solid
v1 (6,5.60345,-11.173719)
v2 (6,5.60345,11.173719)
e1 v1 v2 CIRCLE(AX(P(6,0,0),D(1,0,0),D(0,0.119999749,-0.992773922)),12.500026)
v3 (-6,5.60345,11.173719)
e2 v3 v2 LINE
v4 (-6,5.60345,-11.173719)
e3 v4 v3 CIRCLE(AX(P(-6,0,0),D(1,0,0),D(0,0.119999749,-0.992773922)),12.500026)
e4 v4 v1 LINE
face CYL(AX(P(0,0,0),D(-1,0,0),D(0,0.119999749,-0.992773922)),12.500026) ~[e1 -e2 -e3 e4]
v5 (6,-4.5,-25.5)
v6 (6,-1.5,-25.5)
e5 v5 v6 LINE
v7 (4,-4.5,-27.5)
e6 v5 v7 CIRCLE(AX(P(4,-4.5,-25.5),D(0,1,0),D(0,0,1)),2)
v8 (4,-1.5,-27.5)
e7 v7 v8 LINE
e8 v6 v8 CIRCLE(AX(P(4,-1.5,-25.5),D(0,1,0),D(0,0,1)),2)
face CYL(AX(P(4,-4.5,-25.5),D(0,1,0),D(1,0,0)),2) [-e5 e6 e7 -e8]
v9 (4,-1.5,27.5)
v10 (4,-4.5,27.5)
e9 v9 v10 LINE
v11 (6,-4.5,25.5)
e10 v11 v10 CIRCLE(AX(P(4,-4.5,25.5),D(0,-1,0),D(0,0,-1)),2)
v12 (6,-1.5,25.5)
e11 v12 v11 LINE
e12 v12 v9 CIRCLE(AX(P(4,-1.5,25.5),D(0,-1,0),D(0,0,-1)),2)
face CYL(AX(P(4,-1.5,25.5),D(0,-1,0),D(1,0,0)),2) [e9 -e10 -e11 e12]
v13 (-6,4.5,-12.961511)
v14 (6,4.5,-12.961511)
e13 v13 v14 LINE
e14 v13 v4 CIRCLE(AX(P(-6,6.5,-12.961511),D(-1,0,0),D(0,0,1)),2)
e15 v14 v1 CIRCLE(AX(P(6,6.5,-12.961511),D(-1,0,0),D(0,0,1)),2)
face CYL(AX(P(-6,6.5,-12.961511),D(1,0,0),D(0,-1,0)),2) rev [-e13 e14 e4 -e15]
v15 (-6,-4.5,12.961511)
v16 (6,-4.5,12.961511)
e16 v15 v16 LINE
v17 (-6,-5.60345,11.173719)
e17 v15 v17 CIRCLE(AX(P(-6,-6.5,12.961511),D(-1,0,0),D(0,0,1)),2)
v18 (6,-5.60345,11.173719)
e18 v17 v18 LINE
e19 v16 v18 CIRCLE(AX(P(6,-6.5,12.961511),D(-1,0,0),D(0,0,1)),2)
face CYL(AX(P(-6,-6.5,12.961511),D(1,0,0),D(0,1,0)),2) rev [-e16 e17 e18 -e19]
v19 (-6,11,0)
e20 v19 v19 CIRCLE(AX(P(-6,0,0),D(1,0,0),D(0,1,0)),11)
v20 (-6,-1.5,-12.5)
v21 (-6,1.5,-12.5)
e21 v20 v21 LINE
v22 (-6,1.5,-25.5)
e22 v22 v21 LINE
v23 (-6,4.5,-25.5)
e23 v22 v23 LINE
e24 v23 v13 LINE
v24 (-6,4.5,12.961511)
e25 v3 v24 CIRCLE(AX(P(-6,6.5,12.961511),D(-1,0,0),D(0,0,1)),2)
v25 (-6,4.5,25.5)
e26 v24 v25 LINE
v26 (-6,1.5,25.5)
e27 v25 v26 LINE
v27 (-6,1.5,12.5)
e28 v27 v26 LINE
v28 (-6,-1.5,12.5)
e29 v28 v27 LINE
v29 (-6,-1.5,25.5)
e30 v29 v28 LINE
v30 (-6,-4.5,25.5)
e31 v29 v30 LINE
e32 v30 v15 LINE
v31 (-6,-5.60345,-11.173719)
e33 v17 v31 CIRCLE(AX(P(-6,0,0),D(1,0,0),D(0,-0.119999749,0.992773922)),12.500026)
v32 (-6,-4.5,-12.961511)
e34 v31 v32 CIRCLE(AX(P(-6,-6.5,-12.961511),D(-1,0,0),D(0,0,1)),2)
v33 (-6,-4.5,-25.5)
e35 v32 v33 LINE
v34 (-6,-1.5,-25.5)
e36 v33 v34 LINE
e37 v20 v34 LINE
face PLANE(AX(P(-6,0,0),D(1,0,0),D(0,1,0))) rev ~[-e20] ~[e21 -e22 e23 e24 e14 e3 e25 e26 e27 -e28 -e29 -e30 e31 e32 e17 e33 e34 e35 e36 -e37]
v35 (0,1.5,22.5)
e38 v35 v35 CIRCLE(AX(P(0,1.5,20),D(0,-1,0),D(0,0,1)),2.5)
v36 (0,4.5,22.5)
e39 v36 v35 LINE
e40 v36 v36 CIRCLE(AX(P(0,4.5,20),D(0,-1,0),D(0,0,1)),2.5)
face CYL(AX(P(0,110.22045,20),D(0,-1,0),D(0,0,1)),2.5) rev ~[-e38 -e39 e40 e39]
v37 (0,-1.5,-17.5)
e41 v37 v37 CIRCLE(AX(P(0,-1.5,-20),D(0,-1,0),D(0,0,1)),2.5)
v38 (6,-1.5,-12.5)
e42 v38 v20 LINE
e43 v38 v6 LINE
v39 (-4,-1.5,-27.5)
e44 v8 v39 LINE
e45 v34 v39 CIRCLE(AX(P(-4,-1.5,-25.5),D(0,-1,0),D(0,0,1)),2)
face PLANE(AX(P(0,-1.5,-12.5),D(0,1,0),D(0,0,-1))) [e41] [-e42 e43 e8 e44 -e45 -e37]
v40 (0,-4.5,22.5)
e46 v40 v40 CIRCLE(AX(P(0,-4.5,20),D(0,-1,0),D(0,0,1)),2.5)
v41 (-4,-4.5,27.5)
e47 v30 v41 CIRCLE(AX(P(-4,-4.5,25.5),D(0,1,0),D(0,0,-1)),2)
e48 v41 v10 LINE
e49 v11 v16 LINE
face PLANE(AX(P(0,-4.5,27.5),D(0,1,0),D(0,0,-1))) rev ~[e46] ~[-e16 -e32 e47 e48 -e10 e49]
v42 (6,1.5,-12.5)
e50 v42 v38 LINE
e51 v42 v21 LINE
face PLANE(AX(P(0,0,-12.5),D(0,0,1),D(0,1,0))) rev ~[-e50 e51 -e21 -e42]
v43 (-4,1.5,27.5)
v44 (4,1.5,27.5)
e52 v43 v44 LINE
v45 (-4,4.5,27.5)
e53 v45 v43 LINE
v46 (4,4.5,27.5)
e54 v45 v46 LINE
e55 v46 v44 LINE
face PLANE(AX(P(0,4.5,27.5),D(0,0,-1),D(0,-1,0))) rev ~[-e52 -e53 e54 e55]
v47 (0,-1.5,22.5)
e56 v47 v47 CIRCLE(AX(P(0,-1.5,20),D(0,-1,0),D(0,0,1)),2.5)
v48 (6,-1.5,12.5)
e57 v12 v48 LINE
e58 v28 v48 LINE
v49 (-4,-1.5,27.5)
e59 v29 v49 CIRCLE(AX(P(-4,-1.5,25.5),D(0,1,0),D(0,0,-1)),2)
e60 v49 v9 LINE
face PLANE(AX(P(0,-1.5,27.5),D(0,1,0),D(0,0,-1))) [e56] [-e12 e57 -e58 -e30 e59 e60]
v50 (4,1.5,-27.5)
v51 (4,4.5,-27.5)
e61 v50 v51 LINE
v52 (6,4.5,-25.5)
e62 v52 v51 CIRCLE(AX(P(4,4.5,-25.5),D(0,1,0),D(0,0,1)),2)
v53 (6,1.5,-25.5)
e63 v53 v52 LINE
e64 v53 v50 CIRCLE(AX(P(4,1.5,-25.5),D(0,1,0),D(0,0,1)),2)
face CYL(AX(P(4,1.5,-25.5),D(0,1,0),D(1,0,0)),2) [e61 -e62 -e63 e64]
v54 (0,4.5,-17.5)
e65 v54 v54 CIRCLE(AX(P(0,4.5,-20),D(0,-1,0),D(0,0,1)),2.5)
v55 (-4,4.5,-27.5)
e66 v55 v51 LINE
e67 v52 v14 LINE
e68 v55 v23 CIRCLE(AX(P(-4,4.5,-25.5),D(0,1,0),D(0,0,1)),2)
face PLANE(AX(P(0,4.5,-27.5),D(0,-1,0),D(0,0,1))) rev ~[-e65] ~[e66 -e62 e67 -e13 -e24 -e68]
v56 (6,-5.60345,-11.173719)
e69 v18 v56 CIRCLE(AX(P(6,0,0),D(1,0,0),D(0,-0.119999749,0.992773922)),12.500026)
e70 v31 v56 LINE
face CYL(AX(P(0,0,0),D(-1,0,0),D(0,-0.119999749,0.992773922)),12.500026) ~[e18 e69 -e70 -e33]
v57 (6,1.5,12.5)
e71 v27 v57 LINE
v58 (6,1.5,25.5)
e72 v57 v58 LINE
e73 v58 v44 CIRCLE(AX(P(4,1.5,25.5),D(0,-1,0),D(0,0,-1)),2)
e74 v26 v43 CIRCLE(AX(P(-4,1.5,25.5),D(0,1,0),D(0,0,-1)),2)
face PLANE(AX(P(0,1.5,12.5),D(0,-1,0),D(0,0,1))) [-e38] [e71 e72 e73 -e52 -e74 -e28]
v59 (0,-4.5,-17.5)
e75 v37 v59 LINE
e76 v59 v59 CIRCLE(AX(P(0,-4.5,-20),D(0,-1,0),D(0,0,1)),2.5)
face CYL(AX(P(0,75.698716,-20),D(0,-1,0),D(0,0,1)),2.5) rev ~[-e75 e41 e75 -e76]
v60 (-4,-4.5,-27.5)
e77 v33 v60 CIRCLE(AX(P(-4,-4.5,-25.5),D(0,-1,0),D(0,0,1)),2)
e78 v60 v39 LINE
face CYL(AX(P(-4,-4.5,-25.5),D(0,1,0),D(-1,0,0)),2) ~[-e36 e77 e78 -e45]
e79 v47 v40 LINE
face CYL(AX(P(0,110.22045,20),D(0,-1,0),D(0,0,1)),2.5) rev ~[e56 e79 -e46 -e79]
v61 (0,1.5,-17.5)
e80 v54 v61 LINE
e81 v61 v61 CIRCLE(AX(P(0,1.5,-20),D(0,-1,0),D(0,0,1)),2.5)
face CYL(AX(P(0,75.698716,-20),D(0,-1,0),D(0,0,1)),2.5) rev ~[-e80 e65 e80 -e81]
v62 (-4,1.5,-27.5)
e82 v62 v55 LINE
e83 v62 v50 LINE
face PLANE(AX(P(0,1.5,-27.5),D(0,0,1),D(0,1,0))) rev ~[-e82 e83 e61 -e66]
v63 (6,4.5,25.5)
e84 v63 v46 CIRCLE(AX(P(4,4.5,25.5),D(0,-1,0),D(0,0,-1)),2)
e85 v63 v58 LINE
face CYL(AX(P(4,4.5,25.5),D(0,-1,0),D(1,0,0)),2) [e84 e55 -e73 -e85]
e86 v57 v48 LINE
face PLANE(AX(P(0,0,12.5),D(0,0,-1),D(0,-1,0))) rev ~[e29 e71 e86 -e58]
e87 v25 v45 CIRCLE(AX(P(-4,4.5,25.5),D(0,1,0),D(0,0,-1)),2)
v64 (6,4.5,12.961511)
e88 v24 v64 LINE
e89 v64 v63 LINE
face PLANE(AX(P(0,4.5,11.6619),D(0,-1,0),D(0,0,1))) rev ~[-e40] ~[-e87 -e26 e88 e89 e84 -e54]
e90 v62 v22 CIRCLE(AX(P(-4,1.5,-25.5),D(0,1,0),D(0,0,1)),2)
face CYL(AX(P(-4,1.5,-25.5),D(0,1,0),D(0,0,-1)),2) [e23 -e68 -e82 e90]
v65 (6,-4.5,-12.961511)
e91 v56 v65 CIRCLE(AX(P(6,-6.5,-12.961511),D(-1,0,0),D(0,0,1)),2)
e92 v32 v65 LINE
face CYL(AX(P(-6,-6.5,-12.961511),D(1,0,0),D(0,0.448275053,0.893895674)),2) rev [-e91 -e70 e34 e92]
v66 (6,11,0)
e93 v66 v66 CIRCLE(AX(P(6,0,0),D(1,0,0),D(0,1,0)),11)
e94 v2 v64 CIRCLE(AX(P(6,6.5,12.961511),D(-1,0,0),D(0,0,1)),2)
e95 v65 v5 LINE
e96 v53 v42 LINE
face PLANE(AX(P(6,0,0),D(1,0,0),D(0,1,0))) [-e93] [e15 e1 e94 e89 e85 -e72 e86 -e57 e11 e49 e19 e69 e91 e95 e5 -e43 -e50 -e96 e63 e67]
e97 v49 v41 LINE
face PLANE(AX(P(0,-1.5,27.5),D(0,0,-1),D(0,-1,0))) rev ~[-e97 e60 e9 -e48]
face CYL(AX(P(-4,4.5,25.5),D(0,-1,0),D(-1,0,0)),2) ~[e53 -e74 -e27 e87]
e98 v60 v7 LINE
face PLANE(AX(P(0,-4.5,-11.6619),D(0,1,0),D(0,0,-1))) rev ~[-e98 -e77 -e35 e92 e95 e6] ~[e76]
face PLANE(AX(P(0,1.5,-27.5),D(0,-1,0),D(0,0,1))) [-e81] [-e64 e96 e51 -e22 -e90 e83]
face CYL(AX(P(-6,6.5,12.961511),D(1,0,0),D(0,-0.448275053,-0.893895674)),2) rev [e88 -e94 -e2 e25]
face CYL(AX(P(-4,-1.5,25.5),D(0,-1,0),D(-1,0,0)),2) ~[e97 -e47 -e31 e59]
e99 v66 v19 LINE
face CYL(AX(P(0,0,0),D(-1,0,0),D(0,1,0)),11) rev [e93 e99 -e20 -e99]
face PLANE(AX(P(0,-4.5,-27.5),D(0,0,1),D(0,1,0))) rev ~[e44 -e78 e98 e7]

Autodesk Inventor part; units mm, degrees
ref_plane "YZ Plane" through (0, 0, 0) normal (1, 0, 0) x (0, 1, 0)
ref_plane "XZ Plane" through (0, 0, 0) normal (0, 1, 0) x (-1, 0, 0)
ref_plane "XY Plane" through (0, 0, 0) normal (0, 0, 1) x (1, 0, 0)
sketch "Esboço1" plane through (0, 0, 0) normal (1, 0, 0) x (0, 1, 0)
  circle A0 centre (0, 0) radius 11
  line L0 (1.5, -27.5) -> (1.5, -12.4097)
  line L1 (1.5, 12.4097) -> (1.5, 27.5)
  line L2 (4.5, -27.5) -> (4.5, -11.6619)
  line L3 (4.5, 11.6619) -> (4.5, 27.5)
  line L4 (-4.5, 27.5) -> (-4.5, 11.6619)
  line L5 (-4.5, -11.6619) -> (-4.5, -27.5)
  line L6 (-1.5, 27.5) -> (-1.5, 12.4097)
  line L7 (-1.5, -12.4097) -> (-1.5, -27.5)
  line L8 (-4.5, -27.5) -> (-1.5, -27.5)
  line L9 (1.5, -27.5) -> (4.5, -27.5)
  line L10 (4.5, 27.5) -> (1.5, 27.5)
  line L11 (-1.5, 27.5) -> (-4.5, 27.5)
  line L12 (0, -12.5) -> (1.5, -12.5)
  line L13 (0, -12.5) -> (-1.5, -12.5)
  line L14 (0, 12.5) -> (1.5, 12.5)
  line L15 (0, 12.5) -> (-1.5, 12.5)
  arc A1 (-1.5, 12.4097) -> (-1.5, -12.4097) centre (0, 0) ccw
  arc A2 (1.5, -12.4097) -> (1.5, 12.4097) centre (0, 0) ccw
  dimension "d0" = 22
extrude "Extrusão1" add sketch "Esboço1" along normal mid plane 12
sketch "Esboço2" plane through (-6, 4.5, 27.5) normal (0, 1, 0) x (1, 0, 0)
  point P0 (6, 27.5)
sketch "Esboço3" plane through (-6, -1.5, 27.5) normal (0, 1, 0) x (1, 0, 0)
  circle A0 centre (6, 7.5) radius 2.5
  line L0 (0, 0) -> (12, 0) projected
  line L1 (12, 15) -> (12, 0) projected
  line L2 (0, 0) -> (0, 15.8381) projected
  point P0 (6, 27.5)
  dimension "d17" = 5
  dimension "d18" = 7.5
  dimension "d19" = 6
hole "Furo1" at (0, -1.5, 20) direction (0, -1, 0) diameter 5 end through all both
sketch "Esboço4" plane through (-6, -1.5, -12.5) normal (0, 1, 0) x (1, 0, 0)
  circle A0 centre (6, 7.5) radius 2.5
  line L0 (12, 15) -> (0, 15) projected
  line L1 (12, 15) -> (12, -0.8381) projected
  point P0 (6, -12.5)
  dimension "d28" = 5
  dimension "d29" = 7.5
  dimension "d30" = 6
hole "Furo2" at (0, -1.5, -20) direction (0, -1, 0) diameter 5 end through all both
fillet "Arredondamento1" radius 2 12 edges at (0, 4.5, 11.6619) (0, 4.5, -11.6619) (0, -4.5, -11.6619) (0, -4.5, 11.6619) (6, 3, 27.5) (-6, 3, 27.5) (-6, -3, 27.5) (6, -3, 27.5) (6, 3, -27.5) (6, -3, -27.5) (-6, -3, -27.5) (-6, 3, -27.5)
properties part number "Abraçadeira_CPY1_CPY_CPY1" material "ABS plástico"
